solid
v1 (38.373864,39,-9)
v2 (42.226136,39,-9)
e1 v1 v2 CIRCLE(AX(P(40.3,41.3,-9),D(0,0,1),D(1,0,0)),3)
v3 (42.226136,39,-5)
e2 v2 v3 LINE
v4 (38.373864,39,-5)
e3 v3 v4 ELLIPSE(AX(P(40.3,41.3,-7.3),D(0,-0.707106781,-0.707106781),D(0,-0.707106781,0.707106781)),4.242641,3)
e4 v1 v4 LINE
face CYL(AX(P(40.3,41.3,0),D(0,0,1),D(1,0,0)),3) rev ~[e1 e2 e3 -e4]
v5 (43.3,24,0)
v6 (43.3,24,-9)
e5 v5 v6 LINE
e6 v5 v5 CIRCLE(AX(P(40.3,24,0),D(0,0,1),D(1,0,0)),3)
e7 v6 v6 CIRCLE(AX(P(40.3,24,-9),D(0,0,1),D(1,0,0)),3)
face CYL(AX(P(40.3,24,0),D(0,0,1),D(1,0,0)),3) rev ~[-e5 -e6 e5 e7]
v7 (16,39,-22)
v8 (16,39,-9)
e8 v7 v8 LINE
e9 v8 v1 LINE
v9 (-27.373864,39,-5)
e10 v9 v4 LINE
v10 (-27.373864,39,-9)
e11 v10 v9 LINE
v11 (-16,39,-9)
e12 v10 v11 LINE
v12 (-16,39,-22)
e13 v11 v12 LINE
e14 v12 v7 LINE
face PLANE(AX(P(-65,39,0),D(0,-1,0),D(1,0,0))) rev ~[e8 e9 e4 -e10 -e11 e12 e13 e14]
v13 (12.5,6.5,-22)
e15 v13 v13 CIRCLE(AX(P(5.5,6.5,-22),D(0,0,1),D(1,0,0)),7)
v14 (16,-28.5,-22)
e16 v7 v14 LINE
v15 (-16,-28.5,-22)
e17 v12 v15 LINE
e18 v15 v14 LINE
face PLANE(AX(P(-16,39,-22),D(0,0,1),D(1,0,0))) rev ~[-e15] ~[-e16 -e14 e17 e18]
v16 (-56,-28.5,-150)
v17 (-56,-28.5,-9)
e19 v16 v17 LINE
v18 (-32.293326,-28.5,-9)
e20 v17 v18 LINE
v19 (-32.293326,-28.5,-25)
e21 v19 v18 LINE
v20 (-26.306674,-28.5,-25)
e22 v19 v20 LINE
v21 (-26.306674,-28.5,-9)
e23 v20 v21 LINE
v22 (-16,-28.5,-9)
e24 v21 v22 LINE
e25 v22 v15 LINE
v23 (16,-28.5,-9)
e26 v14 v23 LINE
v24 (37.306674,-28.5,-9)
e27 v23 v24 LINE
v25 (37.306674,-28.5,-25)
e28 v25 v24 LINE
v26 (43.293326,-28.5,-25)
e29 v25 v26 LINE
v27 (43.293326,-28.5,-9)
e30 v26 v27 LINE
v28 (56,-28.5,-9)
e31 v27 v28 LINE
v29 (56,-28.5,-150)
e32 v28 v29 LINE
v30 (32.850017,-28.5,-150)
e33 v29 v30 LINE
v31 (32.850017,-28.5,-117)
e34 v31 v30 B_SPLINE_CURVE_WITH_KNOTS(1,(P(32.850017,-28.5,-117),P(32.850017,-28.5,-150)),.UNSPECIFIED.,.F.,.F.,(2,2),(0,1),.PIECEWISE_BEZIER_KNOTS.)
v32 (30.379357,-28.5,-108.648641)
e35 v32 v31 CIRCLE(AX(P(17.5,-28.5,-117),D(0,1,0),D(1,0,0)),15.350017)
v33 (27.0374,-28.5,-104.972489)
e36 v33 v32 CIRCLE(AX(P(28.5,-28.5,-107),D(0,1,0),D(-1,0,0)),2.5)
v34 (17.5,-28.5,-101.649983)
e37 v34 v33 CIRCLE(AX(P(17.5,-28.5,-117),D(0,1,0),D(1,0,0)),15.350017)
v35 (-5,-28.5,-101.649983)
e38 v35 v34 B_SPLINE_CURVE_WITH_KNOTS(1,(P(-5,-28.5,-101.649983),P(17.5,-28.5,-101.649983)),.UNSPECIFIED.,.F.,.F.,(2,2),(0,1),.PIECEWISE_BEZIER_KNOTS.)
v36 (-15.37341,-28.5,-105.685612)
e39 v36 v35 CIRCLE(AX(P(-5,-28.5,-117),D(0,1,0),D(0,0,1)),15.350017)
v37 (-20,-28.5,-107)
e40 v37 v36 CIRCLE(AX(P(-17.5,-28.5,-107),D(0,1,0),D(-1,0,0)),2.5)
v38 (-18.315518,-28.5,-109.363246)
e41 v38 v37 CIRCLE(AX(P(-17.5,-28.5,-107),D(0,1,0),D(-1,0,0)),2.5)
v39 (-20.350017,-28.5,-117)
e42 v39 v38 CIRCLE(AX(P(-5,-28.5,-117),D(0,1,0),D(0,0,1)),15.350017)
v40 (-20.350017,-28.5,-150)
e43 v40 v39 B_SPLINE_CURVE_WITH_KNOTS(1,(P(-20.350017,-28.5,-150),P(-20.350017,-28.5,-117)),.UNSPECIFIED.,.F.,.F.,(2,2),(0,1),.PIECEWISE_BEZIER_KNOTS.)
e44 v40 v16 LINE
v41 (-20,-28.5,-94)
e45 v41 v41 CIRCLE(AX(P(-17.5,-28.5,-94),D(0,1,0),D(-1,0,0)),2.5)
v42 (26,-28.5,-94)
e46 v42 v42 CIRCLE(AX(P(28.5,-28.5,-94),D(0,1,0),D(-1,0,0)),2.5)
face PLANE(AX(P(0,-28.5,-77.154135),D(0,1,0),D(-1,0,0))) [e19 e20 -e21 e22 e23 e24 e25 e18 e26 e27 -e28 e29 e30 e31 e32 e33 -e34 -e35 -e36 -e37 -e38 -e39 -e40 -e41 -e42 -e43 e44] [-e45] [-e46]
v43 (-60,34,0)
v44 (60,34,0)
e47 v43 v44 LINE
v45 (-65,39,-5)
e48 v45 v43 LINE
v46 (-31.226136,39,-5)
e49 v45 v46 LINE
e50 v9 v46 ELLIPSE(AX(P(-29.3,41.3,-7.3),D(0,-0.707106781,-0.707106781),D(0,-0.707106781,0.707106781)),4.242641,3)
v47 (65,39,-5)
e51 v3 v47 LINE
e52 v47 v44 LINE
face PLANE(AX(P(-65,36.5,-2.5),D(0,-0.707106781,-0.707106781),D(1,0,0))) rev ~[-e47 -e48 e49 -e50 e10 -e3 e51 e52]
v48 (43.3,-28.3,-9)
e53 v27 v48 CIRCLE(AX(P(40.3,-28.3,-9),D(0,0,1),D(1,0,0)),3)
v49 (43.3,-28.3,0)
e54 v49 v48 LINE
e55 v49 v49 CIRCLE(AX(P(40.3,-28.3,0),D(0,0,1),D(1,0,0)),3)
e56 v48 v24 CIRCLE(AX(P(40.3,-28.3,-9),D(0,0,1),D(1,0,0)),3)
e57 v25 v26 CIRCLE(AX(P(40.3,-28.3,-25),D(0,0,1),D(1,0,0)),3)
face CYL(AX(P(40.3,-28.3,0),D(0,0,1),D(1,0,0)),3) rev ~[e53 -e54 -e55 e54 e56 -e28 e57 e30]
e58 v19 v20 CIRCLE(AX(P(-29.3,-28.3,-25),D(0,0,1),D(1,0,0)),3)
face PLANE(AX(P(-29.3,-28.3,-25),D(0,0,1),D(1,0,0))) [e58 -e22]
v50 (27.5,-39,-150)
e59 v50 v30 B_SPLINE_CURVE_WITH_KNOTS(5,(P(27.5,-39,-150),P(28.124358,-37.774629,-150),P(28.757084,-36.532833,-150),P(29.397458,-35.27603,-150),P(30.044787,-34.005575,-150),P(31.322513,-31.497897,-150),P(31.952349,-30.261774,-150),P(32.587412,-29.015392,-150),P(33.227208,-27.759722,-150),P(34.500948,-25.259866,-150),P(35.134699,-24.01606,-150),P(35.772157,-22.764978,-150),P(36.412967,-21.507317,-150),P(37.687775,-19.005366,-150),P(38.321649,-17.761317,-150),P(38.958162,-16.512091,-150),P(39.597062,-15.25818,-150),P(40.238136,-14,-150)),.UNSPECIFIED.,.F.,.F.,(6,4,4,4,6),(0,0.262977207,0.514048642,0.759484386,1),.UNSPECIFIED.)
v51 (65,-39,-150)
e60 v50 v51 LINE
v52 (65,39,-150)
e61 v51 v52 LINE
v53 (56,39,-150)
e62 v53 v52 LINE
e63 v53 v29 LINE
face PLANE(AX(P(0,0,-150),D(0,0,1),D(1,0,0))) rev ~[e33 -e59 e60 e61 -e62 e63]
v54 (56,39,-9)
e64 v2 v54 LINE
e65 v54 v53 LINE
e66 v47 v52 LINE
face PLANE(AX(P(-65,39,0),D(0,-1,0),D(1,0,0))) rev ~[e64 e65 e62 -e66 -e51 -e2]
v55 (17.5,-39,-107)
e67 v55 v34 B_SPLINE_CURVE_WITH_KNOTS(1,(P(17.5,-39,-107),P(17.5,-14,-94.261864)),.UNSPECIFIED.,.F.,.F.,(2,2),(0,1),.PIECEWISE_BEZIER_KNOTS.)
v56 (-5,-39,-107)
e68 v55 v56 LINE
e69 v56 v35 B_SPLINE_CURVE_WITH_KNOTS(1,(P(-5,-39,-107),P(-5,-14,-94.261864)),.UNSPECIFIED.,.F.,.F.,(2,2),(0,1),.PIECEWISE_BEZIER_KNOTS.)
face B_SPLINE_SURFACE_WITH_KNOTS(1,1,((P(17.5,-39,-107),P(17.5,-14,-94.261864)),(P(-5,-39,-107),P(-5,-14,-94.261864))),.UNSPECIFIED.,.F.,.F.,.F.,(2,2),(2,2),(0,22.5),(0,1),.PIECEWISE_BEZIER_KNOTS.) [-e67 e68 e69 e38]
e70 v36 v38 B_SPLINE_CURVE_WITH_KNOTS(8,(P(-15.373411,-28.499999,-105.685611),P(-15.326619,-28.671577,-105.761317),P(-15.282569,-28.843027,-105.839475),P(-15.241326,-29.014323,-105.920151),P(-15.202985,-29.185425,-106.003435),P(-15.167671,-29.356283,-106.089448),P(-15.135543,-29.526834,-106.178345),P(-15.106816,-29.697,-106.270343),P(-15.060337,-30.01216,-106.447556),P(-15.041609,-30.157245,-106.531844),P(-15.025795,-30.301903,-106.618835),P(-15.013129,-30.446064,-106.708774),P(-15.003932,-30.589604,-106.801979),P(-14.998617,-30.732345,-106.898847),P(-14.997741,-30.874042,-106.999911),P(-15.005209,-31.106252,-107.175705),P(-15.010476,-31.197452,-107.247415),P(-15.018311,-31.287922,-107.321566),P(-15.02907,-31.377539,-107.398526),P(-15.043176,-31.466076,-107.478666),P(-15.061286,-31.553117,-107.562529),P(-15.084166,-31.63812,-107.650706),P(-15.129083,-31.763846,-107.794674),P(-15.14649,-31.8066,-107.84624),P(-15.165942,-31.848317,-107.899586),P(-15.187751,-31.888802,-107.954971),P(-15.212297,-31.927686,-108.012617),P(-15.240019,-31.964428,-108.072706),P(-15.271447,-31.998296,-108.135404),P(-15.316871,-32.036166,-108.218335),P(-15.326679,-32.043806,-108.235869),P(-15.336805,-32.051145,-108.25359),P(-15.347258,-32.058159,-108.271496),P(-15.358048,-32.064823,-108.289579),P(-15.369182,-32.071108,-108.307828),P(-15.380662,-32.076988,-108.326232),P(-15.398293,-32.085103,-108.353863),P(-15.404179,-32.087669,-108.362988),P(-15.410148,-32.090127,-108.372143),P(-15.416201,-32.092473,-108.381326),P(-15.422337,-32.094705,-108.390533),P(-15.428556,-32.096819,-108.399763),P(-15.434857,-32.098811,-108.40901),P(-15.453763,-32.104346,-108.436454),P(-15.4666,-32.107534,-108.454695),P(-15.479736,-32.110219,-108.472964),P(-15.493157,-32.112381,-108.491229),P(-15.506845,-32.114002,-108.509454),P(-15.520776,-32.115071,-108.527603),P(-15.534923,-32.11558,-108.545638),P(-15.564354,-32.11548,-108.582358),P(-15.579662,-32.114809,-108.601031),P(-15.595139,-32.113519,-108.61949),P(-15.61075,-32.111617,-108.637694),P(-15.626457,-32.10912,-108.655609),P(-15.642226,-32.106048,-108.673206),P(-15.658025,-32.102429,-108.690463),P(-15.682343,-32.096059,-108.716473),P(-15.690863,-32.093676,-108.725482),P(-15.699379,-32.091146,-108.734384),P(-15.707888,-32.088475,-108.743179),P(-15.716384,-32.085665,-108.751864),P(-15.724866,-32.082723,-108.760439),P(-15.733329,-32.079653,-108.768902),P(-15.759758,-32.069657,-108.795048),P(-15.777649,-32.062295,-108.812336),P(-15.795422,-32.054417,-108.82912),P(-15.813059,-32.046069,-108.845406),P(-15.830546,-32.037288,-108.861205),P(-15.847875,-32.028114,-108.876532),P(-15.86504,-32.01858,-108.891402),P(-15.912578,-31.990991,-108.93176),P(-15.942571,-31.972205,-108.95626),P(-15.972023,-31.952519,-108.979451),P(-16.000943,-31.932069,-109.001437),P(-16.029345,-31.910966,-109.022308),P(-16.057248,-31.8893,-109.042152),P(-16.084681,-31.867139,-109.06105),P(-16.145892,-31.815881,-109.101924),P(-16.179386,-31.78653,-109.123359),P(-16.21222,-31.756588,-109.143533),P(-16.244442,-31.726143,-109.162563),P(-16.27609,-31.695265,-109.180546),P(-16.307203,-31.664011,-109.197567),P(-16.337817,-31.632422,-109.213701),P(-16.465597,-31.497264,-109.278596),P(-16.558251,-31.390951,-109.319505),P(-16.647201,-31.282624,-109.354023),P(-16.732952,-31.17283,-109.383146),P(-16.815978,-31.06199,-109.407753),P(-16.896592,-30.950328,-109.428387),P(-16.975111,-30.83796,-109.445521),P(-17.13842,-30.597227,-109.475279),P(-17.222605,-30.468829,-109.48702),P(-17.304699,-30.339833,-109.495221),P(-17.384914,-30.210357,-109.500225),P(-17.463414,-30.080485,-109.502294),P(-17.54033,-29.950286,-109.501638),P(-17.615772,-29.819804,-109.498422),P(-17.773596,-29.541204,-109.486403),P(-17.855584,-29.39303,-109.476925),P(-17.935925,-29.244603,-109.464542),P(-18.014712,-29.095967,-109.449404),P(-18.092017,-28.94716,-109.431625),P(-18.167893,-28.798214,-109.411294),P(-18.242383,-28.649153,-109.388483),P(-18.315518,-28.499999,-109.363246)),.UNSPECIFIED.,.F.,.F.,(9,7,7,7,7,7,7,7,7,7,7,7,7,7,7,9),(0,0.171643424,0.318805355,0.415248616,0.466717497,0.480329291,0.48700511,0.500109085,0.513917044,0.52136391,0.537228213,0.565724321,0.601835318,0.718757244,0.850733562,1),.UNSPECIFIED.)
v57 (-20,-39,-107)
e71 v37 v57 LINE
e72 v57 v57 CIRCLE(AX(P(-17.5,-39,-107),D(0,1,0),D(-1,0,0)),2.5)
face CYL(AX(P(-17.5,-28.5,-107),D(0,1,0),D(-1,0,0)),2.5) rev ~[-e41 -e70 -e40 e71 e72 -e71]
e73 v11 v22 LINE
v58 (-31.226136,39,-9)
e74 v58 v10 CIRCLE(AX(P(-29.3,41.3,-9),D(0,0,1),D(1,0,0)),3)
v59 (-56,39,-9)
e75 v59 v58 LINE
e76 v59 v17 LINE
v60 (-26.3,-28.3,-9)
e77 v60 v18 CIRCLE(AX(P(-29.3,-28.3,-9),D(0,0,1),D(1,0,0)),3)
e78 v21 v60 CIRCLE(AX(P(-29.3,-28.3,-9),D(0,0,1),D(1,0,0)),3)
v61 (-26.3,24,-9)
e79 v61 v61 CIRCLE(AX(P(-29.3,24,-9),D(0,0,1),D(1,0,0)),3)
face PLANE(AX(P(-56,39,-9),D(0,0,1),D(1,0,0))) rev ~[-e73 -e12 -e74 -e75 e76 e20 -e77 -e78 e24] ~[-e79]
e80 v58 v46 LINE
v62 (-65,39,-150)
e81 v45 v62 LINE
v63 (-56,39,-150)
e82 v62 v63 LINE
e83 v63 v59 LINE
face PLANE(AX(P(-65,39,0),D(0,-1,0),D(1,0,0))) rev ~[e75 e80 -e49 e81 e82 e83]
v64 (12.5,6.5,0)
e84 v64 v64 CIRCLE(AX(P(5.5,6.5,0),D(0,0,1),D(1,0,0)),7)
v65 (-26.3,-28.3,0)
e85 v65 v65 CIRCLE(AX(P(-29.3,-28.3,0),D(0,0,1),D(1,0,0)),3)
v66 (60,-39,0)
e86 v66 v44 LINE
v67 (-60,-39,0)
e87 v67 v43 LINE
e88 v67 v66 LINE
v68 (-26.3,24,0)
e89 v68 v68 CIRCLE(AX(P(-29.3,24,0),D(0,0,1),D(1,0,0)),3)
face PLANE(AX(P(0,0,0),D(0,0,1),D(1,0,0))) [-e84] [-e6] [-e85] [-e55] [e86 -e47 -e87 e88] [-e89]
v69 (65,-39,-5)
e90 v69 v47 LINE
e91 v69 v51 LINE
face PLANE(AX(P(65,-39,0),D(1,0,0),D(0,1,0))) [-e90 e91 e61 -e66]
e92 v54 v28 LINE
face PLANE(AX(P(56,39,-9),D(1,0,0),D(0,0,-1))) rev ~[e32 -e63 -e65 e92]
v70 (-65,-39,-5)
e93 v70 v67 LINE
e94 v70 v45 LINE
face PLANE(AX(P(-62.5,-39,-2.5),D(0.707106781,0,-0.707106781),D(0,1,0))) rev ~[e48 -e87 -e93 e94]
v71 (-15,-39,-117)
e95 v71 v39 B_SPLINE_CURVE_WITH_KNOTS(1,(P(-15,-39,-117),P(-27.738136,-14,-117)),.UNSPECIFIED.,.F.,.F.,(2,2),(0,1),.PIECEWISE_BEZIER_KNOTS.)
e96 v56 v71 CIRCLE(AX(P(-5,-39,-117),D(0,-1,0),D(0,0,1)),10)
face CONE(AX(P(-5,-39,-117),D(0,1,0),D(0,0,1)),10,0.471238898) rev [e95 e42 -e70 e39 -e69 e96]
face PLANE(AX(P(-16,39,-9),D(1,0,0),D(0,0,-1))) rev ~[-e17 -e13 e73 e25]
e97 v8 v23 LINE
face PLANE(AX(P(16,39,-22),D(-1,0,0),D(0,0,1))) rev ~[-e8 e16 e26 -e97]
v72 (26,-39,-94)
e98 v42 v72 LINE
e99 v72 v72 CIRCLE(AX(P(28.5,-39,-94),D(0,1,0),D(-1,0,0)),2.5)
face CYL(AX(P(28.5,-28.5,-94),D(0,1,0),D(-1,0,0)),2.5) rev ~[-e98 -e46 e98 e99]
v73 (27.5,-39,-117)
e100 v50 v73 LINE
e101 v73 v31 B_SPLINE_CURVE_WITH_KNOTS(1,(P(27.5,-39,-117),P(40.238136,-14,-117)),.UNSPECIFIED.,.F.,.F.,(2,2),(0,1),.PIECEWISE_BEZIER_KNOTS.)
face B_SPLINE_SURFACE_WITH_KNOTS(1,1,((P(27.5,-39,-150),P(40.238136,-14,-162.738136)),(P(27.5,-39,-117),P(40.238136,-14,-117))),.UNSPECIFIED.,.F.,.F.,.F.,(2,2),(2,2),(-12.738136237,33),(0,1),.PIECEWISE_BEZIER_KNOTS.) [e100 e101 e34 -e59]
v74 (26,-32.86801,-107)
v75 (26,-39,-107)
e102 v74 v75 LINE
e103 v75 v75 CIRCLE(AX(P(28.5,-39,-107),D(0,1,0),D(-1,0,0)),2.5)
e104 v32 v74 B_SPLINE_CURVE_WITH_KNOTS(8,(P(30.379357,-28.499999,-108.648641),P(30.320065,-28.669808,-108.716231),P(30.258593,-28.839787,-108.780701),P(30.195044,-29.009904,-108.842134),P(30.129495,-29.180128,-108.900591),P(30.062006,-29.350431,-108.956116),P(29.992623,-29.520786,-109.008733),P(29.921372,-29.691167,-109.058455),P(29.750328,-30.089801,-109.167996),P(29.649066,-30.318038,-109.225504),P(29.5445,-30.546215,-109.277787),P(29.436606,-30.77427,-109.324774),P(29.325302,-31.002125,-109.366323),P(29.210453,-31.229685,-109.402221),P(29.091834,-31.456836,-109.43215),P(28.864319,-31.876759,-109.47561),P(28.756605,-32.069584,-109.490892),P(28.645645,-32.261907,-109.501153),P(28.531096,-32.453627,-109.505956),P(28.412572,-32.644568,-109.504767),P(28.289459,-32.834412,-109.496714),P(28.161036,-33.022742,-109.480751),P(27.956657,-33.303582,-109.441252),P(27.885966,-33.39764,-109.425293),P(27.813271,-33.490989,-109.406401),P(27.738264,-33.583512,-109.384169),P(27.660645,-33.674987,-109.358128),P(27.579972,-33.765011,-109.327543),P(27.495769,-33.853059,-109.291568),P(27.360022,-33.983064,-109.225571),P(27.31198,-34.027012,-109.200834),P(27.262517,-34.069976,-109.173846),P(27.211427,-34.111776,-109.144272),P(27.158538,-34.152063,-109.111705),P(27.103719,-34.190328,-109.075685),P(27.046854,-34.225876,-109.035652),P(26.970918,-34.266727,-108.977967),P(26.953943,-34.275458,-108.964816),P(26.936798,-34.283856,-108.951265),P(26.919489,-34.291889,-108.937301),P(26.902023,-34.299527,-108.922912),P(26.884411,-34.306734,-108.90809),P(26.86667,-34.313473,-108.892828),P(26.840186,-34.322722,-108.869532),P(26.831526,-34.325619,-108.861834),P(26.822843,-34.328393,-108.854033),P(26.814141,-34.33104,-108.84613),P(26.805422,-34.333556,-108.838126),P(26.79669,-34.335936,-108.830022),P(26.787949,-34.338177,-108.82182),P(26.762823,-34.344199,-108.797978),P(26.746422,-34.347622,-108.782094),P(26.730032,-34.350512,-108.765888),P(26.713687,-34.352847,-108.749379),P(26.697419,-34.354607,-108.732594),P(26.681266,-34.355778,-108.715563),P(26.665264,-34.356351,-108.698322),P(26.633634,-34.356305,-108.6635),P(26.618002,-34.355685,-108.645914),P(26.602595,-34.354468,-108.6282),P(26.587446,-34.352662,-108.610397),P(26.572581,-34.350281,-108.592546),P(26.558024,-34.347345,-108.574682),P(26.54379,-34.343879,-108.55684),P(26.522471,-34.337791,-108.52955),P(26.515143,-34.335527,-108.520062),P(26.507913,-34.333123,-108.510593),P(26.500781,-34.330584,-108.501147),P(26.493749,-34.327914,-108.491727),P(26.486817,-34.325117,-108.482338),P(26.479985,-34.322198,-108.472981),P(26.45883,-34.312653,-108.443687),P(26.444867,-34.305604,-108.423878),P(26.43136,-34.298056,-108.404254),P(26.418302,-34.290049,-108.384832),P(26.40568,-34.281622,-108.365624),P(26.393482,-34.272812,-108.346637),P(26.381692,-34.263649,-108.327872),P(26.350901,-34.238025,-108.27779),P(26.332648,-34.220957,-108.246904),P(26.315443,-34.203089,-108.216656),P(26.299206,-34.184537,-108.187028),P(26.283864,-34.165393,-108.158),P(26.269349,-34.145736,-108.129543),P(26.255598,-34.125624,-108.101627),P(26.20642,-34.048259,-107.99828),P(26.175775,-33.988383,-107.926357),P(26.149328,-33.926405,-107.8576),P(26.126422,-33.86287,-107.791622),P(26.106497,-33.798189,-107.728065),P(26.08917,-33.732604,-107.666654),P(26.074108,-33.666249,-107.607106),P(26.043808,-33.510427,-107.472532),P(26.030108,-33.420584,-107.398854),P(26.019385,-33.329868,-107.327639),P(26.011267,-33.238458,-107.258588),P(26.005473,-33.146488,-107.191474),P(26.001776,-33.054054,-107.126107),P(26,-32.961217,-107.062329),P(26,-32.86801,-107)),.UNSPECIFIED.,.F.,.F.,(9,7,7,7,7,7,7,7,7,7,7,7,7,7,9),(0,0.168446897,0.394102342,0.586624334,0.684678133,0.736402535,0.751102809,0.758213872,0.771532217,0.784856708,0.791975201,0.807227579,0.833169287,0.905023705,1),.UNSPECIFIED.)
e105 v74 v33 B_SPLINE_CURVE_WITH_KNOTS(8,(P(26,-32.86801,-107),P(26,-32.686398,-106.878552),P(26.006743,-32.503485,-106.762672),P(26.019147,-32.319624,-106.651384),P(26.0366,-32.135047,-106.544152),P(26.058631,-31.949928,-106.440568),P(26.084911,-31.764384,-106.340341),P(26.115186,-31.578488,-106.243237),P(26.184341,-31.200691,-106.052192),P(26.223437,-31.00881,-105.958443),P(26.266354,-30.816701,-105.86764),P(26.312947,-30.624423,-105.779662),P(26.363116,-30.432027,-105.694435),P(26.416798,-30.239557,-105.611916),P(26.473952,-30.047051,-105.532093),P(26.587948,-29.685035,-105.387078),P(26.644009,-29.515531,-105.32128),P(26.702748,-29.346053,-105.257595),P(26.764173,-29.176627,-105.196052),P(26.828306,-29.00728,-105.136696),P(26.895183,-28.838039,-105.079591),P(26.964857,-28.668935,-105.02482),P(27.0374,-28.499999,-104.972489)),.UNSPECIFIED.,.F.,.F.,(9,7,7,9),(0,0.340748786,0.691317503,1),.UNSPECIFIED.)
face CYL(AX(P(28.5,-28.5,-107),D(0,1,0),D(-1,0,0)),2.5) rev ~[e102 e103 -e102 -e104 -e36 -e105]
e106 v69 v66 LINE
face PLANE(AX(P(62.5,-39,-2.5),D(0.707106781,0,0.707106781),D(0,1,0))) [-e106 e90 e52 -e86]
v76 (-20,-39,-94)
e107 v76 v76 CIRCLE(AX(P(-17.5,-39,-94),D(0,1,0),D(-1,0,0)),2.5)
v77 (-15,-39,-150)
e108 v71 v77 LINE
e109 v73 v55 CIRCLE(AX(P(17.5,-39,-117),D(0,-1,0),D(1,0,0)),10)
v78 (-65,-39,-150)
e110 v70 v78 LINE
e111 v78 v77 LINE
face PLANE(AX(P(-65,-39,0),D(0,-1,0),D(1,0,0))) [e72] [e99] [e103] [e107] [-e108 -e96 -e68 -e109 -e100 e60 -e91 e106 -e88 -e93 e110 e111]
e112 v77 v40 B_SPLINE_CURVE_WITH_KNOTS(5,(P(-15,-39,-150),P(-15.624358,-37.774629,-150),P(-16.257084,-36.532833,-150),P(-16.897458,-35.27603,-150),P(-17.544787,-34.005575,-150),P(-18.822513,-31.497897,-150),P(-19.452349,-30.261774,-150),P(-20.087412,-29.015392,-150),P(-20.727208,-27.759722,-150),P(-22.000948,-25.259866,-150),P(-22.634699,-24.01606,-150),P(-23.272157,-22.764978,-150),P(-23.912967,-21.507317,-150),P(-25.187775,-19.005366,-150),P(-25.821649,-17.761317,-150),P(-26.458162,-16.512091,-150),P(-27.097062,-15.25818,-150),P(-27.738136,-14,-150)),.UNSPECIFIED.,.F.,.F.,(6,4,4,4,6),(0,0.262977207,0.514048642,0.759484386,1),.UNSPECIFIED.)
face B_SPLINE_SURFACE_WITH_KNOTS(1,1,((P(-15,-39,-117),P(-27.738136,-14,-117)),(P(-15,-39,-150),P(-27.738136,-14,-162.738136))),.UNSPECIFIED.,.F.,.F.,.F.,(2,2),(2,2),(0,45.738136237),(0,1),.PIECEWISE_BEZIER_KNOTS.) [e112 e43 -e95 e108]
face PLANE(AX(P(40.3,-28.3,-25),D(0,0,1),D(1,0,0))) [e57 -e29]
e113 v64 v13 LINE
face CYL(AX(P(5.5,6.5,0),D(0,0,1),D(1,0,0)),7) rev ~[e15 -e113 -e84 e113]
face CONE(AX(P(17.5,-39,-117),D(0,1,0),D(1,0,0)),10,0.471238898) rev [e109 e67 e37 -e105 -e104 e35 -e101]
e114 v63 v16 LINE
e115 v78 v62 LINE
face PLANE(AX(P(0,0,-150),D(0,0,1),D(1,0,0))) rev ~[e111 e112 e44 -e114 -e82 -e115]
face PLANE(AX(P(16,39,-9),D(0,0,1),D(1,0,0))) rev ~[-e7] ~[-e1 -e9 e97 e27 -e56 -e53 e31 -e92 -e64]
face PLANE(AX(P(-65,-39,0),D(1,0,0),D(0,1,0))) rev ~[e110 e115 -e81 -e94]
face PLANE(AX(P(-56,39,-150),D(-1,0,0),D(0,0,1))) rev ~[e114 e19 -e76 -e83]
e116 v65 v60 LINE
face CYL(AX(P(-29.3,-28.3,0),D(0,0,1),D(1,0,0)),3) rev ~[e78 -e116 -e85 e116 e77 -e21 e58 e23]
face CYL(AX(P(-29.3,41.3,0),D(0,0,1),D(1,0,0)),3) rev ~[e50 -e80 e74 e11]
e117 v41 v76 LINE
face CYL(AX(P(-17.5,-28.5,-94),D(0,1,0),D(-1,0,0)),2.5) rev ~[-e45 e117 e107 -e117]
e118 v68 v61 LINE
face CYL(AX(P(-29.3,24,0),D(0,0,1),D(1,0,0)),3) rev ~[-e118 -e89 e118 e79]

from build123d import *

# Parameters (mm, degrees)
F0_W      = 130
F0_H      = 78
F14_DEPTH = 150
F1_SIZE   = 5
F2_DEPTH  = 67.5
F4_R      = 6
F5_DEPTH  = 150.001
F6_R      = 7
F6_R_2    = 3
F7_DEPTH  = 25
F9_R      = 2.5
F10_DEPTH = 10.501
F11_DEPTH = 25
F11_TAPER = -27
F12_R     = 3
F13_DEPTH = 25


with BuildPart() as f14:
    # F0 (on Top) → F14 (new body)
    with BuildSketch(Plane.XY):
        Rectangle(F0_W, F0_H)
    extrude(amount=-F14_DEPTH)

    # F1
    f1_edges = [f14.edges().sort_by_distance(p)[0] for p in [
        (65, 0, 0),
        (-65, 0, 0),
        (0, 39, 0),
    ]]
    chamfer(f1_edges, length=F1_SIZE)

    # F15 (on face) → F2 (cut)
    with BuildSketch(Plane(origin=(0, 39, 0), x_dir=(-1, 0, 0), z_dir=(0, 1, 0))):
        Polygon((-16, -9), (-56, -9), (-56, -150), (56, -150), (56, -9), (16, -9), (16, -22), (-16, -22), align=None)
    extrude(amount=-F2_DEPTH, mode=Mode.SUBTRACT)

    # F4 (on face) → F5 (cut, through all)
    with BuildSketch(Plane.XY):
        with Locations((5.5, 6.5)):
            Circle(F4_R)
    extrude(amount=-F5_DEPTH, mode=Mode.SUBTRACT)

    # F6 (on face) → F7 (cut)
    with BuildSketch(Plane.XY):
        with Locations((5.5, 6.5)):
            Circle(F6_R)
        with Locations((-29.3, -28.3)):
            Circle(F6_R_2)
        with Locations((-29.3, 41.3)):
            Circle(F6_R_2)
        with Locations((40.3, 41.3)):
            Circle(F6_R_2)
        with Locations((40.3, -28.3)):
            Circle(F6_R_2)
    extrude(amount=-F7_DEPTH, mode=Mode.SUBTRACT)

    # F9 (on face) → F10 (cut, through all)
    with BuildSketch(Plane(origin=(0, -28.5, 0), x_dir=(-1, 0, 0), z_dir=(0, 1, 0))):
        with Locations((-28.5, -94)):
            Circle(F9_R)
        with Locations((-28.5, -107)):
            Circle(F9_R)
        with Locations((17.5, -94)):
            Circle(F9_R)
        with Locations((17.5, -107)):
            Circle(F9_R)
    extrude(amount=-F10_DEPTH, mode=Mode.SUBTRACT)

    # F16 (on face) → F11 (cut)
    with BuildSketch(Plane.XZ.offset(39)):
        with BuildLine():
            Line((17.5, -107), (-5, -107))
            ThreePointArc((-5, -107), (-12.0710678119, -109.9289321881), (-15, -117))
            Line((-15, -117), (-15, -150))
            Line((-15, -150), (27.5, -150))
            Line((27.5, -150), (27.5, -117))
            ThreePointArc((27.5, -117), (24.5710678119, -109.9289321881), (17.5, -107))
        make_face()
    extrude(amount=-F11_DEPTH, taper=F11_TAPER, mode=Mode.SUBTRACT)

    # F12 (on face) → F13 (cut)
    with BuildSketch(Plane.XY):
        with Locations((-29.3, 24)):
            Circle(F12_R)
        with Locations((40.3, 24)):
            Circle(F12_R)
    extrude(amount=-F13_DEPTH, mode=Mode.SUBTRACT)


solid = f14.part
